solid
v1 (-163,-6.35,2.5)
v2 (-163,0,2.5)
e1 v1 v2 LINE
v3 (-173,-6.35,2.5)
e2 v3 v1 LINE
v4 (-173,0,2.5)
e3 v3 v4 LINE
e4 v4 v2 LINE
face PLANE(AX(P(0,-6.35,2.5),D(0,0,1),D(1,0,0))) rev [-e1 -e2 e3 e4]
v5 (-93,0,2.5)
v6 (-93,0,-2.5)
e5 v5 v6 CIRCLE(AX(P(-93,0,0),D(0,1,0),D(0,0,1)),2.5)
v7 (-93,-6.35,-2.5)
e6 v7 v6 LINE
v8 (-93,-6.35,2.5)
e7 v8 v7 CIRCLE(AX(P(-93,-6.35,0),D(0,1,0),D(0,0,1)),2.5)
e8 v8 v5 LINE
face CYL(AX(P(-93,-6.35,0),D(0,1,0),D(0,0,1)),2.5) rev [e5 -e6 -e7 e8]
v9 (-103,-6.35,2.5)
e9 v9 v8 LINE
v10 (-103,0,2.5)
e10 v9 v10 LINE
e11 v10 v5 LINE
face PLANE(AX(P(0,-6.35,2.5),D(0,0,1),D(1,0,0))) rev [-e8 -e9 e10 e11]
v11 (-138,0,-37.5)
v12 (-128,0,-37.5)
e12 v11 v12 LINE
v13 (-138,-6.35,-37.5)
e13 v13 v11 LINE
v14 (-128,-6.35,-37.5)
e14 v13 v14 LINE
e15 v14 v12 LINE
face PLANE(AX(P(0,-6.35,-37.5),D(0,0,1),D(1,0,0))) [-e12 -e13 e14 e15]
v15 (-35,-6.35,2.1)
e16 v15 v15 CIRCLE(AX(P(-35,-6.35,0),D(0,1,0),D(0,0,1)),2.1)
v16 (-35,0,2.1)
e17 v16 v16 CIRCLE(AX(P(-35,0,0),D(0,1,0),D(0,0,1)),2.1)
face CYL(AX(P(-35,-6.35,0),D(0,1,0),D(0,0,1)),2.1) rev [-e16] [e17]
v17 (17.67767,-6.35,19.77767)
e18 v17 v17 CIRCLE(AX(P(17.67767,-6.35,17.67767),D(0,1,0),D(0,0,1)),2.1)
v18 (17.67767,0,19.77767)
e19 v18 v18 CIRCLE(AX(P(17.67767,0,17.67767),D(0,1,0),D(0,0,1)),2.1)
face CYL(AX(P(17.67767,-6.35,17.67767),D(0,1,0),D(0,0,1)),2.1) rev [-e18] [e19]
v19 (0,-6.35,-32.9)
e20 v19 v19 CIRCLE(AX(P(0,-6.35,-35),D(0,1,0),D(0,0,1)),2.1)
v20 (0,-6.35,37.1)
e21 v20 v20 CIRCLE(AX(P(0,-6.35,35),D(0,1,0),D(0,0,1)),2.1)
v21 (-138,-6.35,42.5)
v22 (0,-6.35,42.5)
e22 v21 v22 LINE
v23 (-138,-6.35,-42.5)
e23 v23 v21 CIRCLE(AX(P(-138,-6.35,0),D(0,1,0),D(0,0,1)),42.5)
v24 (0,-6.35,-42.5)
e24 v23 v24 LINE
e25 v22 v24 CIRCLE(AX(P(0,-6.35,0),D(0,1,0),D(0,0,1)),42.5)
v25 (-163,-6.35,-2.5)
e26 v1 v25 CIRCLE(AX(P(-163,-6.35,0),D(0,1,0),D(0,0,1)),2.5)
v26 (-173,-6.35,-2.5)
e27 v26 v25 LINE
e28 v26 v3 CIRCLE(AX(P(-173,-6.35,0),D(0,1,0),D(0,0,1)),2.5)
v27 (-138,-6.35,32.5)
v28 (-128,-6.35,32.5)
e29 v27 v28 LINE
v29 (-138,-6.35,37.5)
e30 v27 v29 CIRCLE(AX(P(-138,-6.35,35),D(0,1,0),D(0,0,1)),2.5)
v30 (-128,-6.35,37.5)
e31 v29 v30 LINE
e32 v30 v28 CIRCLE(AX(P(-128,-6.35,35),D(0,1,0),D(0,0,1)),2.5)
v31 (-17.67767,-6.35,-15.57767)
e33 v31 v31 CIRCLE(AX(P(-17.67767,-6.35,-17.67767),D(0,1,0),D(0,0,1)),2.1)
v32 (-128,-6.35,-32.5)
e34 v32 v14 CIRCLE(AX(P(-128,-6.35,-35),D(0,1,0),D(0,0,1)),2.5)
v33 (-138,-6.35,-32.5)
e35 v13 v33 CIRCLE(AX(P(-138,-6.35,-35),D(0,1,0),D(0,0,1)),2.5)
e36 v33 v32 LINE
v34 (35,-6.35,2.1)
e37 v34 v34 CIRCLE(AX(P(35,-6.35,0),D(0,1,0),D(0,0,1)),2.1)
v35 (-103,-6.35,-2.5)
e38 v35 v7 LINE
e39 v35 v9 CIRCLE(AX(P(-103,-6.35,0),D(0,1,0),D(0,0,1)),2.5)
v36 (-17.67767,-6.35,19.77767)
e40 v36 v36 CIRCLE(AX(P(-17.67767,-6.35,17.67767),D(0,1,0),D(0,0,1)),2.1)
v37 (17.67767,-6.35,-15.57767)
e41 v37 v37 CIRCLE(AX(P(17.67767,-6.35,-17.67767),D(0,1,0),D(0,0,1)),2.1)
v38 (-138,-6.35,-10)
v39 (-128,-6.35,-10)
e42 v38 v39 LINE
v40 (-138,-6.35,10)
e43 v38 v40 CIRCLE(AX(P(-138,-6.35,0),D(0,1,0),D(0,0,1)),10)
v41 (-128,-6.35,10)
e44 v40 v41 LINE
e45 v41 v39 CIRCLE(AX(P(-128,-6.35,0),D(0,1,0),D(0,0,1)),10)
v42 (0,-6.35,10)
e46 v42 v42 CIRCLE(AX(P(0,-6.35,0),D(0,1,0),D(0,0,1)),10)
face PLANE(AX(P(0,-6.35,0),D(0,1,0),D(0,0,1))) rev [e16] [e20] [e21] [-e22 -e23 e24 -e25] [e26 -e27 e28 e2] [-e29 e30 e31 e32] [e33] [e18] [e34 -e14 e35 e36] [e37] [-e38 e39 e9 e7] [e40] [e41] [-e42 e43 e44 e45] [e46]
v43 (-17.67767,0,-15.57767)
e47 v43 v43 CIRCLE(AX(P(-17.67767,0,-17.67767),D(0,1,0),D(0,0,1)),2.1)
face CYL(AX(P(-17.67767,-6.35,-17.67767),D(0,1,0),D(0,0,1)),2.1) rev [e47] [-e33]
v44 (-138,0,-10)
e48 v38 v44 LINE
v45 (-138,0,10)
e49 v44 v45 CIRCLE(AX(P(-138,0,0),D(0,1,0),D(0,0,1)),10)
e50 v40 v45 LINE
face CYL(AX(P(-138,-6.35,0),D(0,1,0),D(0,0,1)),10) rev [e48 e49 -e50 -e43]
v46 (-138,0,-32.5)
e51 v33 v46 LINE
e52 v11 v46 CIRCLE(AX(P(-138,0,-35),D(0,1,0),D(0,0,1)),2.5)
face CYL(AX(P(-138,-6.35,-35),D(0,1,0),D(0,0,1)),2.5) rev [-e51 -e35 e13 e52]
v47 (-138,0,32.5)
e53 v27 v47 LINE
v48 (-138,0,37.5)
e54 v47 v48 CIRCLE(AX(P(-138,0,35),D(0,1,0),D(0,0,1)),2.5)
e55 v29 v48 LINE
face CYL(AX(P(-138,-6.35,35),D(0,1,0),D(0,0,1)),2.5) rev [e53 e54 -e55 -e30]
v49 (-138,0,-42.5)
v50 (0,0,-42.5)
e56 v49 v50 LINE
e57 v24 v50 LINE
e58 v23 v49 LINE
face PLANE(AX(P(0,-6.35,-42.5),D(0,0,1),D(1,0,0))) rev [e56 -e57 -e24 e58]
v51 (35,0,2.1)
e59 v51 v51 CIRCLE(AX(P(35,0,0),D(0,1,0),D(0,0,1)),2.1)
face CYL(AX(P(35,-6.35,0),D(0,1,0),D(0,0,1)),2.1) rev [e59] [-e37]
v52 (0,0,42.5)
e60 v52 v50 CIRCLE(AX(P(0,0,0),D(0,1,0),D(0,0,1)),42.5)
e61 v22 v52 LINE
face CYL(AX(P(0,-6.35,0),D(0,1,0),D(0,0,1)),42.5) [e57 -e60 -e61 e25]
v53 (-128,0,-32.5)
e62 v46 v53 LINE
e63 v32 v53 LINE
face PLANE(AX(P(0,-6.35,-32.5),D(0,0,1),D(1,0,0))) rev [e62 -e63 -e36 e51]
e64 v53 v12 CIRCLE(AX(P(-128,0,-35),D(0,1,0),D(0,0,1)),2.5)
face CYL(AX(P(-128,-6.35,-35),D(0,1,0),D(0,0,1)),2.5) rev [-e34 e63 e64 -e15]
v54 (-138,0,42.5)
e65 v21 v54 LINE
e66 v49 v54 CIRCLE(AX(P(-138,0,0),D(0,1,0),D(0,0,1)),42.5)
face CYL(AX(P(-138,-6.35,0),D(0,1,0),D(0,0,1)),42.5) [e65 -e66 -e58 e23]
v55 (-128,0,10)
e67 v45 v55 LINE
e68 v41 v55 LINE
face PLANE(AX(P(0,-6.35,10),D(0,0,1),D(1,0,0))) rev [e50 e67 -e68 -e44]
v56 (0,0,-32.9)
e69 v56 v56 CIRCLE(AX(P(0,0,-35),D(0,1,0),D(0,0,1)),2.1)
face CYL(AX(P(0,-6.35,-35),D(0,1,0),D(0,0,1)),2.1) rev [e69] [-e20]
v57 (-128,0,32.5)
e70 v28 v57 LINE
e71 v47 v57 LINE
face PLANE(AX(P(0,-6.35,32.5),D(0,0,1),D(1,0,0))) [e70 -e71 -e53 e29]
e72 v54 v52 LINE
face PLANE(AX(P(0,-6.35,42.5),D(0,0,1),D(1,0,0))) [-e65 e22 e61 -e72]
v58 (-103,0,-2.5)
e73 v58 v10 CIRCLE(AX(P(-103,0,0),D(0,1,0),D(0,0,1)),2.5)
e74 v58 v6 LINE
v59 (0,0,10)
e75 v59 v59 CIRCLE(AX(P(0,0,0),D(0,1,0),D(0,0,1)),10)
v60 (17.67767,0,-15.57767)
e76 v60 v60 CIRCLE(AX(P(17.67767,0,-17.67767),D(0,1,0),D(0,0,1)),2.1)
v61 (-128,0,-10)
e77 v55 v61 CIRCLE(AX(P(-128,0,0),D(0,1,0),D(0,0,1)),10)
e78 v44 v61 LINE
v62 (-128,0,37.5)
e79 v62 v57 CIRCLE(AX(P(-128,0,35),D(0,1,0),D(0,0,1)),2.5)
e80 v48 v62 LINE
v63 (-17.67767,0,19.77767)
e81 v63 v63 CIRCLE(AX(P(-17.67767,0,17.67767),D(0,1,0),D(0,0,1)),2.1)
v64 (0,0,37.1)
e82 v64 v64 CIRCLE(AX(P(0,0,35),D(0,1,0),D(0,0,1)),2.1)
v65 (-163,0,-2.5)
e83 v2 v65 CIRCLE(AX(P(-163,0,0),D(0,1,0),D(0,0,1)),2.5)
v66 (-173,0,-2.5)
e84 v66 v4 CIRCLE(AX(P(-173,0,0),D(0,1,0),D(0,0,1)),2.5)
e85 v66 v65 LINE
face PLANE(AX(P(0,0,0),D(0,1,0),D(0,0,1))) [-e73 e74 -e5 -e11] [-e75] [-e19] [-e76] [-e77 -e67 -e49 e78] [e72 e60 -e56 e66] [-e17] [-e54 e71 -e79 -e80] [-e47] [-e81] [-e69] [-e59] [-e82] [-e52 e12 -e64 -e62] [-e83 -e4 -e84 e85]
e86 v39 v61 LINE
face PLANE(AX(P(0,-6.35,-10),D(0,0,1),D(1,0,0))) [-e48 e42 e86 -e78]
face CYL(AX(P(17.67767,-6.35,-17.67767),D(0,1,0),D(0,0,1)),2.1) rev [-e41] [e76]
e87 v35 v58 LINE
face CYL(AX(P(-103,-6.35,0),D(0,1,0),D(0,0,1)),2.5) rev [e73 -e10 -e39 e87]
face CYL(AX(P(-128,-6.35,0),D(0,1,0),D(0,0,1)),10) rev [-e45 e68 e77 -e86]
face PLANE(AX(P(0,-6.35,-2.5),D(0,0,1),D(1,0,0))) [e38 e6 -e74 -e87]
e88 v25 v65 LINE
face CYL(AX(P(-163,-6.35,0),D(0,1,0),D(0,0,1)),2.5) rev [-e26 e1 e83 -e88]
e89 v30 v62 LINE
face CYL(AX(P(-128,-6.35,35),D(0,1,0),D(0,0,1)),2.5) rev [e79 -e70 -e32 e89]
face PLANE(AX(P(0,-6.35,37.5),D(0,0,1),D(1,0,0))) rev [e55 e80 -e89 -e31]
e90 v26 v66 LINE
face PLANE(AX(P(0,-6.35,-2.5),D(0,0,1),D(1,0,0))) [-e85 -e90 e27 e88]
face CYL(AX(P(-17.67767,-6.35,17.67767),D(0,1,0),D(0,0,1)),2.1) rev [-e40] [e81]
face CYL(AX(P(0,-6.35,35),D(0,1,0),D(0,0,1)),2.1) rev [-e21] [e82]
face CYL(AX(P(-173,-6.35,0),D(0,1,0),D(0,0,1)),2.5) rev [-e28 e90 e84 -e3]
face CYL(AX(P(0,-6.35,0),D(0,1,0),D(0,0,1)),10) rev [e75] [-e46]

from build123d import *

# Parameters (mm, degrees)
SKETCH1_R           = 2.1
SKETCH1_R_2         = 10
BOSS_EXTRUDE1_DEPTH = 6.35


with BuildPart() as part:
    # Sketch1 → Boss-Extrude1 (new body)
    with BuildSketch(Plane(origin=(0, 0, 0), x_dir=(1, 0, 0), z_dir=(0, 1, 0))):
        with BuildLine():
            ThreePointArc((-138, 42.5), (-180.5, 0), (-138, -42.5))
            Line((-138, -42.5), (0, -42.5))
            ThreePointArc((0, -42.5), (42.5, 0), (0, 42.5))
            Line((0, 42.5), (-138, 42.5))
        make_face()
        with BuildLine():
            Line((-103, 2.5), (-93, 2.5))
            ThreePointArc((-93, 2.5), (-90.5, 0), (-93, -2.5))
            Line((-93, -2.5), (-103, -2.5))
            ThreePointArc((-103, -2.5), (-105.5, 0), (-103, 2.5))
        make_face(mode=Mode.SUBTRACT)
        with BuildLine():
            ThreePointArc((-138, -37.5), (-140.5, -35), (-138, -32.5))
            Line((-138, -32.5), (-128, -32.5))
            ThreePointArc((-128, -32.5), (-125.5, -35), (-128, -37.5))
            Line((-128, -37.5), (-138, -37.5))
        make_face(mode=Mode.SUBTRACT)
        with BuildLine():
            ThreePointArc((-173, -2.5), (-175.5, 0), (-173, 2.5))
            Line((-173, 2.5), (-163, 2.5))
            ThreePointArc((-163, 2.5), (-160.5, 0), (-163, -2.5))
            Line((-163, -2.5), (-173, -2.5))
        make_face(mode=Mode.SUBTRACT)
        with BuildLine():
            ThreePointArc((-138, -10), (-148, 0), (-138, 10))
            Line((-138, 10), (-128, 10))
            ThreePointArc((-128, 10), (-118, 0), (-128, -10))
            Line((-128, -10), (-138, -10))
        make_face(mode=Mode.SUBTRACT)
        with BuildLine():
            ThreePointArc((-138, 32.5), (-140.5, 35), (-138, 37.5))
            Line((-138, 37.5), (-128, 37.5))
            ThreePointArc((-128, 37.5), (-125.5, 35), (-128, 32.5))
            Line((-128, 32.5), (-138, 32.5))
        make_face(mode=Mode.SUBTRACT)
        with Locations(Location((0, 35, 0), (0, 0, 270))):
            Circle(SKETCH1_R, mode=Mode.SUBTRACT)
        with Locations(Location((0, -35, 0), (0, 0, 270))):
            Circle(SKETCH1_R, mode=Mode.SUBTRACT)
        with Locations(Location((-17.67766953, -17.67766953, 0), (0, 0, 270))):
            Circle(SKETCH1_R, mode=Mode.SUBTRACT)
        with Locations(Location((17.67766953, -17.67766953, 0), (0, 0, 270))):
            Circle(SKETCH1_R, mode=Mode.SUBTRACT)
        with Locations(Location((-35, 0, 0), (0, 0, 270))):
            Circle(SKETCH1_R, mode=Mode.SUBTRACT)
        with Locations(Location((-17.67766953, 17.67766953, 0), (0, 0, 270))):
            Circle(SKETCH1_R, mode=Mode.SUBTRACT)
        with Locations(Location((0, 0, 0), (0, 0, 270))):
            Circle(SKETCH1_R_2, mode=Mode.SUBTRACT)
        with Locations(Location((35, 0, 0), (0, 0, 270))):
            Circle(SKETCH1_R, mode=Mode.SUBTRACT)
        with Locations(Location((17.67766953, 17.67766953, 0), (0, 0, 270))):
            Circle(SKETCH1_R, mode=Mode.SUBTRACT)
    extrude(amount=-BOSS_EXTRUDE1_DEPTH)


solid = part.part
